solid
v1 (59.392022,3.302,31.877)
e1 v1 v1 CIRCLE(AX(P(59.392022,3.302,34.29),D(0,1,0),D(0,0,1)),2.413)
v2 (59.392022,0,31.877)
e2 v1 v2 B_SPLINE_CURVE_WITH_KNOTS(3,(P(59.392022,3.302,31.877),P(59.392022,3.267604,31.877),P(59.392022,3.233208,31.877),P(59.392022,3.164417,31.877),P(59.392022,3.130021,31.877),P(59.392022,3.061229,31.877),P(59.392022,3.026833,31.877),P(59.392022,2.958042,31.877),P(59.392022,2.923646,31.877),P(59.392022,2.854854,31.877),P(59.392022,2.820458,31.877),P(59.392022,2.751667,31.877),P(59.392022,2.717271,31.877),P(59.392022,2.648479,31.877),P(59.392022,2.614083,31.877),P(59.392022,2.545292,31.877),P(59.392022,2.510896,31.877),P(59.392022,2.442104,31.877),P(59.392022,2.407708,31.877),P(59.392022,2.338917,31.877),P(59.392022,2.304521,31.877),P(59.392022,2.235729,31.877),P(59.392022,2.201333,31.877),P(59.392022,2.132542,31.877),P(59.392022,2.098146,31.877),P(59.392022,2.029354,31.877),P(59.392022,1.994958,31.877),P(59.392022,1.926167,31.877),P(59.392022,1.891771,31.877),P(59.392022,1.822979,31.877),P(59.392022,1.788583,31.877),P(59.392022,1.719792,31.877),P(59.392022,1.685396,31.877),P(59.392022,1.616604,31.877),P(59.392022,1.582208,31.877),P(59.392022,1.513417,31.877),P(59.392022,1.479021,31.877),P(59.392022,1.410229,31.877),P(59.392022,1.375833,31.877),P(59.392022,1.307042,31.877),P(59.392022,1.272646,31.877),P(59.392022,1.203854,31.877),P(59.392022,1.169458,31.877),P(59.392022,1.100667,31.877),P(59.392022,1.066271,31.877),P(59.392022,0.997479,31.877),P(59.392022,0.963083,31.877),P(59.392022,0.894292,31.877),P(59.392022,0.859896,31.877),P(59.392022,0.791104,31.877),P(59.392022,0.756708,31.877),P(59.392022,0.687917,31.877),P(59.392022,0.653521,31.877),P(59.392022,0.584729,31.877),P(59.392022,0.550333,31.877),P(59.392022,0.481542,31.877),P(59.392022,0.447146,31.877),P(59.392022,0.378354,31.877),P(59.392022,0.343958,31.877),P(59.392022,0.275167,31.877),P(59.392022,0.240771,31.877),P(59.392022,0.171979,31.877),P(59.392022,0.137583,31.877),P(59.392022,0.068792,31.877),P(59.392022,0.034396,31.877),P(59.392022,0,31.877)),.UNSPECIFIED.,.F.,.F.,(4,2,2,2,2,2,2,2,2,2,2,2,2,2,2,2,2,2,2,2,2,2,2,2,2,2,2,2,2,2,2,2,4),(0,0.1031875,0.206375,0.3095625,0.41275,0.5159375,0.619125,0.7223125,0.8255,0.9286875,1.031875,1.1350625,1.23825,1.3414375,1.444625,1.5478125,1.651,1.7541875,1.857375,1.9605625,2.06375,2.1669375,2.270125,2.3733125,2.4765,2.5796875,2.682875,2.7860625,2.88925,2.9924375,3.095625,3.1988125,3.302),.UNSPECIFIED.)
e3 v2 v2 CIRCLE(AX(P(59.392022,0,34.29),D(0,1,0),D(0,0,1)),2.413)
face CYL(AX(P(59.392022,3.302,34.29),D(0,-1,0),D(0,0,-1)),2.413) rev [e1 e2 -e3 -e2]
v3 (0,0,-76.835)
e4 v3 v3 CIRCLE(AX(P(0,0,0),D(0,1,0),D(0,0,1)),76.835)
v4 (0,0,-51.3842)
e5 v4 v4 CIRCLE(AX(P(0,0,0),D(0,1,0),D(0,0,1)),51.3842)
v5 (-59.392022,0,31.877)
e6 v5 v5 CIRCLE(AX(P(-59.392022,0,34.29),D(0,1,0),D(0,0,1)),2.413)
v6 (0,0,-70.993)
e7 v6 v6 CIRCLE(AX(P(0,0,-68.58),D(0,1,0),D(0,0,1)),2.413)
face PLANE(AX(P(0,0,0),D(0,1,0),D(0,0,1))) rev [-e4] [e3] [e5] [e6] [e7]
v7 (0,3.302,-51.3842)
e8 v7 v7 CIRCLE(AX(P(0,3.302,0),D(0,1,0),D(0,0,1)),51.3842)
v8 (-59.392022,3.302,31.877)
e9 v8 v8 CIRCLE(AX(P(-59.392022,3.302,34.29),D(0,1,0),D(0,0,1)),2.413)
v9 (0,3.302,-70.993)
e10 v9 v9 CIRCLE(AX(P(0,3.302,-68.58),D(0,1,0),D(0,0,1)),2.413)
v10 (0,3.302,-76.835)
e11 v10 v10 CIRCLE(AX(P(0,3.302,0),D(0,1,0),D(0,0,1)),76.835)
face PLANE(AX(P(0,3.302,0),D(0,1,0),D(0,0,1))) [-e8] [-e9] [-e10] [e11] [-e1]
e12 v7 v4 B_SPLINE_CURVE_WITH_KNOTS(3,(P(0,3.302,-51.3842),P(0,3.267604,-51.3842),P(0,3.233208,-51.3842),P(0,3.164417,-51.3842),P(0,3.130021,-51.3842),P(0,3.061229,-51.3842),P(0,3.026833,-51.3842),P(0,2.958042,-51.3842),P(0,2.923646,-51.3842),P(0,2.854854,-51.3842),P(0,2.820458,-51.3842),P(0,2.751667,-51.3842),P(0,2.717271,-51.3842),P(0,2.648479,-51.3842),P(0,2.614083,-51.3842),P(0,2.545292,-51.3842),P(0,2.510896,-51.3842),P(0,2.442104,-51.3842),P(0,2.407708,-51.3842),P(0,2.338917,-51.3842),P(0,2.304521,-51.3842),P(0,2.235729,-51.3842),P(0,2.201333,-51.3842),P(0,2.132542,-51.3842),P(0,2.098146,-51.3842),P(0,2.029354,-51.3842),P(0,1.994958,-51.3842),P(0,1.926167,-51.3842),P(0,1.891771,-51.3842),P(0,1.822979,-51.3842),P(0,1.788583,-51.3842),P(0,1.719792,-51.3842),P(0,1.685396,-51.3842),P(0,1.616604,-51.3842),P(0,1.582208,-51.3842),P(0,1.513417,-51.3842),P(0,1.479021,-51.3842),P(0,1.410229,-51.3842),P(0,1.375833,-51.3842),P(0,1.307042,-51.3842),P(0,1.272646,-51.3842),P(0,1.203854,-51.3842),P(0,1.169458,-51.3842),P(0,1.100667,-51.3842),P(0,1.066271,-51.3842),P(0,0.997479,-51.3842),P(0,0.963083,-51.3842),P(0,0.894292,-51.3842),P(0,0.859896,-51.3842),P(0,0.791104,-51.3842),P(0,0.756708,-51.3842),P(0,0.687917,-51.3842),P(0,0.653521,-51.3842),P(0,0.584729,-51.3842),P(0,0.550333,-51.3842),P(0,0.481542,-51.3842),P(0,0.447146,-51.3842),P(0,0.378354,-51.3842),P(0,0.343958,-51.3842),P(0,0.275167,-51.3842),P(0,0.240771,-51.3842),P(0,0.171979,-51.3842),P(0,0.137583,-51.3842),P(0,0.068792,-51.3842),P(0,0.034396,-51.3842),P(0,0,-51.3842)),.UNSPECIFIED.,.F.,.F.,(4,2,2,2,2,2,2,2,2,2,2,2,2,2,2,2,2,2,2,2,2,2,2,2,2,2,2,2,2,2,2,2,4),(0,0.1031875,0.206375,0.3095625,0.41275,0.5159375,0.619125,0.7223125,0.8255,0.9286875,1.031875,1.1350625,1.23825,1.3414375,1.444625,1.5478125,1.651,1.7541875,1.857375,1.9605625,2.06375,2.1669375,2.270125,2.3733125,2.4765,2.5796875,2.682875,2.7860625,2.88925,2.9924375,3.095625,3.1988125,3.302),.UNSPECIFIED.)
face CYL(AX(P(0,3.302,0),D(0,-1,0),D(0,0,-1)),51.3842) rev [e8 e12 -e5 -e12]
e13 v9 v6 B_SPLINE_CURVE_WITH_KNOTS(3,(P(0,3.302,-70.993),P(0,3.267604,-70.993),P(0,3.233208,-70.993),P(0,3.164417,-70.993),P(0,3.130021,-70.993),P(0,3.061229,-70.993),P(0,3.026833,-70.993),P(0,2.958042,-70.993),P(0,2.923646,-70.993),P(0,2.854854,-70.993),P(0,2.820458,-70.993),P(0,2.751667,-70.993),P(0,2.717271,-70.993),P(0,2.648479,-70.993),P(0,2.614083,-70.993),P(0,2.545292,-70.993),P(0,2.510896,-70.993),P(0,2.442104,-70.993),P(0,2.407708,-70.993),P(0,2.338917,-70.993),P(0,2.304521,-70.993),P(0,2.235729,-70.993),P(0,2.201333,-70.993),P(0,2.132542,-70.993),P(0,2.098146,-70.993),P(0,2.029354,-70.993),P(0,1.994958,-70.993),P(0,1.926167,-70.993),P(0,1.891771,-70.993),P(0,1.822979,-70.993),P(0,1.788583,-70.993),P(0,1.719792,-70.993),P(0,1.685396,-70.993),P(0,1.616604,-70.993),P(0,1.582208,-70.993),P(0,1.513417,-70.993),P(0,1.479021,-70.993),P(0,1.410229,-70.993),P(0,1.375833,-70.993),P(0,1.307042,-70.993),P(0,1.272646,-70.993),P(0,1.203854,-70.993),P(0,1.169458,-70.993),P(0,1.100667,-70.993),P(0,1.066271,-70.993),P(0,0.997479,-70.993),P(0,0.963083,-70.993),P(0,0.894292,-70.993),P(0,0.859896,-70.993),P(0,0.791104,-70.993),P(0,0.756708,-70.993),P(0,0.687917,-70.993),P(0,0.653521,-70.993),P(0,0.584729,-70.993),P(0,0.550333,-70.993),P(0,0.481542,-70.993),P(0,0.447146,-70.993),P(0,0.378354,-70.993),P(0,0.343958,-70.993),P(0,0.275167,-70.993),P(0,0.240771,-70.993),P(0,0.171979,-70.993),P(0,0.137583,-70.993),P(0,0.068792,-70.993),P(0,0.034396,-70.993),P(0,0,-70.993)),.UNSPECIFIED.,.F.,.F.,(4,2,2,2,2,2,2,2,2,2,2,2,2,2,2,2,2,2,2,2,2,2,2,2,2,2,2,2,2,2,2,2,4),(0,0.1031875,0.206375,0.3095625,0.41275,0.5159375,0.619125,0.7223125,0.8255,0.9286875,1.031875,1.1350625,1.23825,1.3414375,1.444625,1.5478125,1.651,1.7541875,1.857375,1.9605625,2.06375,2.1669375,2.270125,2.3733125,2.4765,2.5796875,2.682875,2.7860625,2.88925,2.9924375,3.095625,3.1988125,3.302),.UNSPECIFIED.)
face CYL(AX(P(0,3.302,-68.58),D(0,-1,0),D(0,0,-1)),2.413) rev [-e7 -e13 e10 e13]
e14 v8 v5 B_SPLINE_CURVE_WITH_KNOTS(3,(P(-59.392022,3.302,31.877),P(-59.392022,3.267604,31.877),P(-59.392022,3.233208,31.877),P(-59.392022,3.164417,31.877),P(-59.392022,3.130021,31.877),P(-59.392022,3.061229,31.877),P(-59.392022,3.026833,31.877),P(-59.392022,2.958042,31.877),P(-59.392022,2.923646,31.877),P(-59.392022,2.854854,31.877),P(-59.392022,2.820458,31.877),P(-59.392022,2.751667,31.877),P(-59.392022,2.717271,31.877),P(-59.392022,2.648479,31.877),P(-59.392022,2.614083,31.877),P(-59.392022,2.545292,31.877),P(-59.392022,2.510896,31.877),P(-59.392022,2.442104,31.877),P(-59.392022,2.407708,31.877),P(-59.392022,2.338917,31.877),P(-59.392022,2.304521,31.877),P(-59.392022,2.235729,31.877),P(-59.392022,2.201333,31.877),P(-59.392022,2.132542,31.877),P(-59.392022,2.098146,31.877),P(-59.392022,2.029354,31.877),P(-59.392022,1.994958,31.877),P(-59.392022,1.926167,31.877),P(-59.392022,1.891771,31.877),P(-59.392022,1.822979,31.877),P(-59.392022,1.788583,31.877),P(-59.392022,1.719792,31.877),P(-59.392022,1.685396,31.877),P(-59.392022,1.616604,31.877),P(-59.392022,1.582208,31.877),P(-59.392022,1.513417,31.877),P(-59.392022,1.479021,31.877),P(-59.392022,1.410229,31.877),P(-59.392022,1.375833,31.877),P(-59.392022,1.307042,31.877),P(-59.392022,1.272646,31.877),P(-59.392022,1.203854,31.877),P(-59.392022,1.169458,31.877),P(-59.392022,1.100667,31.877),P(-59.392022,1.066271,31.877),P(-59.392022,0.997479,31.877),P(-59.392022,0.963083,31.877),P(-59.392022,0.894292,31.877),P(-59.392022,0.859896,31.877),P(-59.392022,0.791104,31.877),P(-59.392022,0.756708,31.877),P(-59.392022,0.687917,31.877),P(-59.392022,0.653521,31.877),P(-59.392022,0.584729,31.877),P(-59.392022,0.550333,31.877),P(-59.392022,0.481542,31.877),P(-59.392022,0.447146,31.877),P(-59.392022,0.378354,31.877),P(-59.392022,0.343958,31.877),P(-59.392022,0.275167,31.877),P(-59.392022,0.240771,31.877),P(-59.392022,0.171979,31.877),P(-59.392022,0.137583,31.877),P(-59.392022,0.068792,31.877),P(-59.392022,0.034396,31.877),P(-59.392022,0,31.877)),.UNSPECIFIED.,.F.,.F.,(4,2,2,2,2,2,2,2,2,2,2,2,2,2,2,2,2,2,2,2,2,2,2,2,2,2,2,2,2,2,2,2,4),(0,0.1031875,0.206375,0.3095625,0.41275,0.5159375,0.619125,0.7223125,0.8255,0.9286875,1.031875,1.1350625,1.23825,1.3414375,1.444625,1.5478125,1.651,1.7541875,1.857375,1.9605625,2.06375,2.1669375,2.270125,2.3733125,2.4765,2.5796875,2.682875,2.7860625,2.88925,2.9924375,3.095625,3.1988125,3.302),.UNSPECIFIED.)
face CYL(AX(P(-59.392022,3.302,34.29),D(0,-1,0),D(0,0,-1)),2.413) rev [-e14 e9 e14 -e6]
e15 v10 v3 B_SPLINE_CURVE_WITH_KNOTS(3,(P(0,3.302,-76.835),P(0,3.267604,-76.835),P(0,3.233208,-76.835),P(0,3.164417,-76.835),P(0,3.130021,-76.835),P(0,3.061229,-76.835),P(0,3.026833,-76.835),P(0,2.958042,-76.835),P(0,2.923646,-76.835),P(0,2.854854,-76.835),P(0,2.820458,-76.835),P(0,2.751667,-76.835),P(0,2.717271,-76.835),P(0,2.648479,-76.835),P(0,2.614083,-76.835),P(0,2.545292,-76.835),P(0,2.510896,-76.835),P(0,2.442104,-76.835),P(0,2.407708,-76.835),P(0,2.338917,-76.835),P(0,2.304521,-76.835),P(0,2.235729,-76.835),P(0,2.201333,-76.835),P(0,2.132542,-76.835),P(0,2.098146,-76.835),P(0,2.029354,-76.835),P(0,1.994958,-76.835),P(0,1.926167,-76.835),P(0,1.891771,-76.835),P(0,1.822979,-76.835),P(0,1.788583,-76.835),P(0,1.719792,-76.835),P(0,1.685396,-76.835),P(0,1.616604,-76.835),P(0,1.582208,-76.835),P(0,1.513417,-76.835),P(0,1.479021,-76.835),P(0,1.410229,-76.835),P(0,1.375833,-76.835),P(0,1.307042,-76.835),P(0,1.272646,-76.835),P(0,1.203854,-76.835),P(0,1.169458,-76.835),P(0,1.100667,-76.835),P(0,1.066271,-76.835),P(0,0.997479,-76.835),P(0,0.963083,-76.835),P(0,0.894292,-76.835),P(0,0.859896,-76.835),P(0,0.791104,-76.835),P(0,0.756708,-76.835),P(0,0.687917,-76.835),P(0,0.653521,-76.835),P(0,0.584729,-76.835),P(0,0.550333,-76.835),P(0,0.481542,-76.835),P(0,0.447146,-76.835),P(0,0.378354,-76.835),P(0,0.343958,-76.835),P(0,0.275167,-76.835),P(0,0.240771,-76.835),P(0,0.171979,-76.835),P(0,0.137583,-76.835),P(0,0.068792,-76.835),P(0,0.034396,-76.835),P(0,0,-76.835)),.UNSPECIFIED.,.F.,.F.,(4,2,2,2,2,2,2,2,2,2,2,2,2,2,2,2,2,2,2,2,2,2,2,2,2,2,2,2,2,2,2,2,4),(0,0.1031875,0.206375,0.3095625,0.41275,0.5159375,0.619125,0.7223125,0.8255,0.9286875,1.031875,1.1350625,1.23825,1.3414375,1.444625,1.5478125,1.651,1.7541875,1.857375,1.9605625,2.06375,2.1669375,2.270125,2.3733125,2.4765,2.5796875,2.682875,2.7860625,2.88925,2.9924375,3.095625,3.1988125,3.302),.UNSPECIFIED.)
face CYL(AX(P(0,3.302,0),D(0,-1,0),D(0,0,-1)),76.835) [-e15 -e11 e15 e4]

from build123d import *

# Parameters (mm, degrees)
SKETCH1_R           = 76.835
SKETCH1_R_2         = 2.413
SKETCH1_R_3         = 51.3842
BOSS_EXTRUDE1_DEPTH = 3.302


with BuildPart() as part:
    # Sketch1 → Boss-Extrude1 (new body)
    with BuildSketch(Plane(origin=(0, 0, 0), x_dir=(1, 0, 0), z_dir=(0, 1, 0))):
        with Locations(Location((0, 0, 0), (0, 0, 90))):
            Circle(SKETCH1_R)
        with Locations(Location((-59.392022192, -34.29, 0), (0, 0, 90))):
            Circle(SKETCH1_R_2, mode=Mode.SUBTRACT)
        with Locations(Location((59.392022192, -34.29, 0), (0, 0, 90))):
            Circle(SKETCH1_R_2, mode=Mode.SUBTRACT)
        with Locations(Location((0, 68.58, 0), (0, 0, 90))):
            Circle(SKETCH1_R_2, mode=Mode.SUBTRACT)
        with Locations(Location((0, 0, 0), (0, 0, 90))):
            Circle(SKETCH1_R_3, mode=Mode.SUBTRACT)
    extrude(amount=BOSS_EXTRUDE1_DEPTH)


solid = part.part
